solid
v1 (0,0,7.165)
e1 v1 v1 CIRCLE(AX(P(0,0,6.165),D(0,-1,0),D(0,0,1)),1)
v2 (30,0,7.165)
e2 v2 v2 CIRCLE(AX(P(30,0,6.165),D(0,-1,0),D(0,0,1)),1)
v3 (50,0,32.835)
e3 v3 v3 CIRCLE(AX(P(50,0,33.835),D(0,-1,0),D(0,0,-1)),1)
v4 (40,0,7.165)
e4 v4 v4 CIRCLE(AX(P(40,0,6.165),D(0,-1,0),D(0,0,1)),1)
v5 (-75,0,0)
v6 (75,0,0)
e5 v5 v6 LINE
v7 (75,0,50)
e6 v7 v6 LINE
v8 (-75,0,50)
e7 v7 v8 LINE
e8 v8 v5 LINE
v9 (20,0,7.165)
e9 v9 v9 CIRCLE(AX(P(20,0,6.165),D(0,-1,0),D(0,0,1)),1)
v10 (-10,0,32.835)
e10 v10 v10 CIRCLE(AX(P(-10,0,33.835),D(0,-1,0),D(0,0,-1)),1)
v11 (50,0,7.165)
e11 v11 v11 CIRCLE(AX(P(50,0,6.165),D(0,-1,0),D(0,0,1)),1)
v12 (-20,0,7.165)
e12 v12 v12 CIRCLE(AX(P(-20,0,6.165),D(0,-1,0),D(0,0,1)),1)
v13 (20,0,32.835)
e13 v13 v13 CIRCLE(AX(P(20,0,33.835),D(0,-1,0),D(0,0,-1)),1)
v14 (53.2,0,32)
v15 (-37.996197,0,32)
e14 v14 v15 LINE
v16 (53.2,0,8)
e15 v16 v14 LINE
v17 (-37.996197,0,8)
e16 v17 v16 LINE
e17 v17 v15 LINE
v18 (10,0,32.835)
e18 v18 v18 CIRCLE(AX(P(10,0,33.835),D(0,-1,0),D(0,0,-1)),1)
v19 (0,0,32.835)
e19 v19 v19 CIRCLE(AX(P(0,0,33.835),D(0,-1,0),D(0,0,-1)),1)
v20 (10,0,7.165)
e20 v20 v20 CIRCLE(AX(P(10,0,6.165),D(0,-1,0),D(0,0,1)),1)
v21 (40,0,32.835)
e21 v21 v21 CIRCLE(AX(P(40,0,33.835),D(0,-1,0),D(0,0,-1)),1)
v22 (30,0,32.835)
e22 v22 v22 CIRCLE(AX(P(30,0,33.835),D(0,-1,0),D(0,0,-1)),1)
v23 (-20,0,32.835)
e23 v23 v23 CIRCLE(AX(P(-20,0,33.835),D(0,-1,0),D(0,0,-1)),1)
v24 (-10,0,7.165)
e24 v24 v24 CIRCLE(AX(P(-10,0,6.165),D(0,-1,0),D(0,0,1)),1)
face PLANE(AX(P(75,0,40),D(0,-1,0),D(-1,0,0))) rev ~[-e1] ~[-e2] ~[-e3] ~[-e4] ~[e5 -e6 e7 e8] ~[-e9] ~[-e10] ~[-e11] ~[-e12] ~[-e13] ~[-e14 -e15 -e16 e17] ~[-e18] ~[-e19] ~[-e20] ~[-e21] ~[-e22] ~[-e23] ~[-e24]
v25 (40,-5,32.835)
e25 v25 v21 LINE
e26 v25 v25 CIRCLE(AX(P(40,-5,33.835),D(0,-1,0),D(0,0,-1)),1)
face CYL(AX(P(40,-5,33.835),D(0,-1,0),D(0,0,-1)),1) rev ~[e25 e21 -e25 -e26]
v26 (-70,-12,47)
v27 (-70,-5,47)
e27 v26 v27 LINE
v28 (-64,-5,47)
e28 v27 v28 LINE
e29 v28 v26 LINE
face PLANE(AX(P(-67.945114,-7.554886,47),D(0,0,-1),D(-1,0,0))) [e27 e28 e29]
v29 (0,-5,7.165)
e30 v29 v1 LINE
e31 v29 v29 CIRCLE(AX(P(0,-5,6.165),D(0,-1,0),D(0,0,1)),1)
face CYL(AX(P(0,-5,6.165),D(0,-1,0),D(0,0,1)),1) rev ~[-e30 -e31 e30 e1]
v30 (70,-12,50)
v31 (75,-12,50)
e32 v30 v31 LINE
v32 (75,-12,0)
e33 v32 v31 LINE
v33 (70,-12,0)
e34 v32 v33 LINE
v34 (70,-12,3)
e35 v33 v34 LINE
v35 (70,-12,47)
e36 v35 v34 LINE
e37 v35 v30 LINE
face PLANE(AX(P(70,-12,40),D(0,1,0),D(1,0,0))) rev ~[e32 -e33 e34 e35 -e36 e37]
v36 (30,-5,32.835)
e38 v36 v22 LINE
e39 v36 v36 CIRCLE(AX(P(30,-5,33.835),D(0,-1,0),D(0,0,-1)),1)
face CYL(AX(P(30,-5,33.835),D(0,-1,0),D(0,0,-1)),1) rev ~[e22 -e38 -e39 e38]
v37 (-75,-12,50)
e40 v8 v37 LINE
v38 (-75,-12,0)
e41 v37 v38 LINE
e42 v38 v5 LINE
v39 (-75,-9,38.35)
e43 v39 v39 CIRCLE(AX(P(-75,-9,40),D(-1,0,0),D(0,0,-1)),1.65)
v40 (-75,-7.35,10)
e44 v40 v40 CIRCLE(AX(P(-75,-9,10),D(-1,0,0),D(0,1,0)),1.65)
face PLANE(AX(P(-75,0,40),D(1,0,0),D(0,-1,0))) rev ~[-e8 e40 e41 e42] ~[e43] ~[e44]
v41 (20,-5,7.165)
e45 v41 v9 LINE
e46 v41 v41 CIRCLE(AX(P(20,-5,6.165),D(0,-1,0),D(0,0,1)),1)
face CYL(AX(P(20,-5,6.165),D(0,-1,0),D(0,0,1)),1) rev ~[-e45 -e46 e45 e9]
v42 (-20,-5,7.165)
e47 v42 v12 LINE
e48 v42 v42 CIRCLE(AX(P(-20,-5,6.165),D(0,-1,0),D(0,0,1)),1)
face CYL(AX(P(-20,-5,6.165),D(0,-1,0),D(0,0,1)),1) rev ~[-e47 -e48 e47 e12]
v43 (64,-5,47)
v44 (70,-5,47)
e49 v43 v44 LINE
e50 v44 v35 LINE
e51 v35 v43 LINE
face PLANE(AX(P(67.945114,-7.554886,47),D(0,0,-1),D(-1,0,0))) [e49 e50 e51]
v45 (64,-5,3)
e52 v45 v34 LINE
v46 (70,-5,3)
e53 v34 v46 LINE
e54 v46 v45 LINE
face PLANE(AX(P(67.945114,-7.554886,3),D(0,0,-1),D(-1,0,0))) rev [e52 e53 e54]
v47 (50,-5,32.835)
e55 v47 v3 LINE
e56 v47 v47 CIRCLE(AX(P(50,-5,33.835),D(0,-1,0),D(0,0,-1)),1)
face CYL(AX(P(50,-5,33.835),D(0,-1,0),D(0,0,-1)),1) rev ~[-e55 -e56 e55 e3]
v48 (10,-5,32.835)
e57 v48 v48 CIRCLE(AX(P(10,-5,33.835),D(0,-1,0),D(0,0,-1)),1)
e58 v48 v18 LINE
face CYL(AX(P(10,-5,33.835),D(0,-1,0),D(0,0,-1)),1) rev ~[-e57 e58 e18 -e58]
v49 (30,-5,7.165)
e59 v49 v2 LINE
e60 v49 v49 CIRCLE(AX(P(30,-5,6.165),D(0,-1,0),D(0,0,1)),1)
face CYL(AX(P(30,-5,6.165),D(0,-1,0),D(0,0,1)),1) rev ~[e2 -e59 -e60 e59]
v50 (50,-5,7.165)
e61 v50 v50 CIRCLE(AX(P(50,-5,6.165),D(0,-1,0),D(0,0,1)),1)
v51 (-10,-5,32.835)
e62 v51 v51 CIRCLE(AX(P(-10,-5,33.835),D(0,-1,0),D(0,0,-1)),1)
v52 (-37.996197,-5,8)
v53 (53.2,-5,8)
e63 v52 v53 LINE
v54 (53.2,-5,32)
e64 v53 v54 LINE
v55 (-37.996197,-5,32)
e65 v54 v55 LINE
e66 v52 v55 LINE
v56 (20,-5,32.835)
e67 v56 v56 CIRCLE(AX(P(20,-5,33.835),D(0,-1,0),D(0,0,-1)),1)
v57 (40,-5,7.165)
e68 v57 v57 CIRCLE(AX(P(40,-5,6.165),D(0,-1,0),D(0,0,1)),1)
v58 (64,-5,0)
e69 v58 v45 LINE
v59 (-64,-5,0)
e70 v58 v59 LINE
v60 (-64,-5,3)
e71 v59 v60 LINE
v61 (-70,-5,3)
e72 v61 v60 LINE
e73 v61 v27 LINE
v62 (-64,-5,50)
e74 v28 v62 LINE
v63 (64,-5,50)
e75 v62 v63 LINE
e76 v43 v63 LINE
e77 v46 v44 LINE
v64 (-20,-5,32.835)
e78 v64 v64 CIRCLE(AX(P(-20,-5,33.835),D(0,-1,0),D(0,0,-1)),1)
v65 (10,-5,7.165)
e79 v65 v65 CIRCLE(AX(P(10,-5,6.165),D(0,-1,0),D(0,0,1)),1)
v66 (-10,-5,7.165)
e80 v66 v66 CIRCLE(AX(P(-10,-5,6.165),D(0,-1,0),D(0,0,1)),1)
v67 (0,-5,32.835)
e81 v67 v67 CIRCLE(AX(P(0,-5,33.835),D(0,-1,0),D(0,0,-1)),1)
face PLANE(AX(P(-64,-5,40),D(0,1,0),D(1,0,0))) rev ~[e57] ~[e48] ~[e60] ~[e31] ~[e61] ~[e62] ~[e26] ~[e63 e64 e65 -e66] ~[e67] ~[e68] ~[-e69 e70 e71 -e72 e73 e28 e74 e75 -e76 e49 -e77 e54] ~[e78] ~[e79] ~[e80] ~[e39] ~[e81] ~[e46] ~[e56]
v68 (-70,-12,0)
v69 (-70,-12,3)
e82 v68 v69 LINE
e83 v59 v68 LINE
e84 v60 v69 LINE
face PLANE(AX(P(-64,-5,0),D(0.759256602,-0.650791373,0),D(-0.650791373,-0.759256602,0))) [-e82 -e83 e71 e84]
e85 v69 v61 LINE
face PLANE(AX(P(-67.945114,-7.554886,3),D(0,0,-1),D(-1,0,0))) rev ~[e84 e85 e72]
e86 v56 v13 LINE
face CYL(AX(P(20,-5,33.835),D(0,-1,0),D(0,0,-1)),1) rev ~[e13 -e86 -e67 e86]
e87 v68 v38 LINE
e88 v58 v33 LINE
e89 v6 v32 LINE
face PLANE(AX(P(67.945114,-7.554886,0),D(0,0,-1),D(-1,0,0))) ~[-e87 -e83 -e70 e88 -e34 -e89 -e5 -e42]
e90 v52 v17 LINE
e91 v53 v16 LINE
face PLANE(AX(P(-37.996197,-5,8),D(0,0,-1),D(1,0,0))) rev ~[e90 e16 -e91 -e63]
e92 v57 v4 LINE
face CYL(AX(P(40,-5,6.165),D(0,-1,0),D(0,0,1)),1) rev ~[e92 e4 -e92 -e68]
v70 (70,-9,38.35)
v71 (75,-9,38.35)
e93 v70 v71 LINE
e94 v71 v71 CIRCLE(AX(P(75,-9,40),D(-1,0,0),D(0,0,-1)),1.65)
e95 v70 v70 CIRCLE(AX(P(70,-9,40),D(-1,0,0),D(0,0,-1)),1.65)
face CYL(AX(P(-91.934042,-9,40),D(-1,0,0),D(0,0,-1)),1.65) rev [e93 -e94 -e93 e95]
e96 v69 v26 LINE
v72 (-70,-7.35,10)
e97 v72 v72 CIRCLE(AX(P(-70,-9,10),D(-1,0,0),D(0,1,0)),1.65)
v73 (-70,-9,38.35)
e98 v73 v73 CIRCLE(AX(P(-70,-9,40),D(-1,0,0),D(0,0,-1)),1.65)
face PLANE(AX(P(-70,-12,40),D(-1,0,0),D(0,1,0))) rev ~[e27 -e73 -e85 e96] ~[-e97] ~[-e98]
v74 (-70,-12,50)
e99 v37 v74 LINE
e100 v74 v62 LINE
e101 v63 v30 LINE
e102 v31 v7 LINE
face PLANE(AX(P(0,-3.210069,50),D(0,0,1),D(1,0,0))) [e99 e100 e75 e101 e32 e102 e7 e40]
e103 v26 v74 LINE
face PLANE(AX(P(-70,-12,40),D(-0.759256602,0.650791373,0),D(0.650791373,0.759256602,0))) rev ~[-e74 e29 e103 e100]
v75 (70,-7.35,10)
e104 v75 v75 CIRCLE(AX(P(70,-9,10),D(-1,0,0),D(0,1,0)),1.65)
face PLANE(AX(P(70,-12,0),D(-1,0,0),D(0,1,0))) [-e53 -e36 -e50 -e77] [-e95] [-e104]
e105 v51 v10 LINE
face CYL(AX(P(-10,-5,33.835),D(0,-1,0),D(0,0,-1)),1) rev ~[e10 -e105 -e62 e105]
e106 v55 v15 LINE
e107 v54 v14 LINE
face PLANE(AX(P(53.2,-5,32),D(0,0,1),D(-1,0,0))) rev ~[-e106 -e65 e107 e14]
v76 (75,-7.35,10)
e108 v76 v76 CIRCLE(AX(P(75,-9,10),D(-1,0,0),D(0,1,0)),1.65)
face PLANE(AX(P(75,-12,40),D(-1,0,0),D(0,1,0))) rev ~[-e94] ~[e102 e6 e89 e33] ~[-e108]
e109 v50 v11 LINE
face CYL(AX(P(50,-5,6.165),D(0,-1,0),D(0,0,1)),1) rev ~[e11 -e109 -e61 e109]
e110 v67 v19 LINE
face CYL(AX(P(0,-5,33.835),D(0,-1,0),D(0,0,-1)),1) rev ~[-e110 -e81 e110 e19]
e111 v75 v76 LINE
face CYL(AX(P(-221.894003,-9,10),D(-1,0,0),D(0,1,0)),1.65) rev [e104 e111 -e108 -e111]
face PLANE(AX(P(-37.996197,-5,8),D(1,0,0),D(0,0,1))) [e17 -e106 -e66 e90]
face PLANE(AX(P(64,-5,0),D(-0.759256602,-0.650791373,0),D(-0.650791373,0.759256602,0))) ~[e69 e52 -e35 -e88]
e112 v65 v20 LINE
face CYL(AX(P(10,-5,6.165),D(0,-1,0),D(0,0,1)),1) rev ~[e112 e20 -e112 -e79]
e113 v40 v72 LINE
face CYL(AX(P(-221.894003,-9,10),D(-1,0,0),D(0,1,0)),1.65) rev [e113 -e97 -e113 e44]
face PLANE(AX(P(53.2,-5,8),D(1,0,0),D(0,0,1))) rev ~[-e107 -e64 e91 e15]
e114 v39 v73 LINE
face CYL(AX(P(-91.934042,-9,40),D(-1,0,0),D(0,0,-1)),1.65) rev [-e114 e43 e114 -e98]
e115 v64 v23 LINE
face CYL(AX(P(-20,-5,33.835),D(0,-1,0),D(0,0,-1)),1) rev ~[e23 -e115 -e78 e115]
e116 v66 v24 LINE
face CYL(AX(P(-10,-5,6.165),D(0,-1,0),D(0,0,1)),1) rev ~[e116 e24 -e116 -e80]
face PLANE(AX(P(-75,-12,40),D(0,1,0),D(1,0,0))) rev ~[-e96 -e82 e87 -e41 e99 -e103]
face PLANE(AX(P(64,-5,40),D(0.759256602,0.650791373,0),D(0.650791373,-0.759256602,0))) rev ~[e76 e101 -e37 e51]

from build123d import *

# Parameters (mm, degrees)
EXTRUDE_2_DEPTH                 = 40
CUT_EXTRUDE_1_DEPTH             = 151.894002532
CUT_EXTRUDE_1_DEPTH_BACK        = 151.894002532
SKETCH_3_R                      = 1.65
EXTRUDE_3_DEPTH                 = 3
MIRROR_2_COPY_1_DEPTH           = 3
CUT_EXTRUDE_2_DEPTH             = 5
SKETCH_10_R                     = 1
CUT_EXTRUDE_3_DEPTH             = 5
EXTRUDE_4_DEPTH                 = 10
CUT_EXTRUDE_4_REACH             = 87.843
CUT_EXTRUDE_4_DIRECTION_2_DEPTH = 7
CUT_EXTRUDE_5_DEPTH             = 91.93404203
CUT_EXTRUDE_5_DEPTH_BACK        = 91.93404203
SKETCH_12_R                     = 1.65


with BuildPart() as part:
    # 草图1 → 凸台-拉伸2 (new body)
    with BuildSketch(Plane.XY):
        Polygon((-75, 0), (75, 0), (75, -12), (70, -12), (70, -5), (-70, -5), (-70, -12), (-75, -12), align=None)
    extrude(amount=EXTRUDE_2_DEPTH)

    # 草图3 → 切除-拉伸1 (cut, two sides: drawn at the far end of the back side and taken through both)
    with BuildSketch(Plane(origin=(-70, 0, 0), x_dir=(0, 0, -1), z_dir=(1, 0, 0)).offset(-CUT_EXTRUDE_1_DEPTH_BACK)):
        with Locations(Location((-10, -9, 0), (0, 0, 90))):
            Circle(SKETCH_3_R)
    extrude(amount=CUT_EXTRUDE_1_DEPTH + CUT_EXTRUDE_1_DEPTH_BACK, mode=Mode.SUBTRACT)

    # 草图4 → 凸台-拉伸3 (add)
    with BuildSketch(Plane(origin=(0, 0, 0), x_dir=(-1, 0, 0), z_dir=(0, 0, -1))):
        Polygon((64, -5), (70, -12), (70, -5), align=None)
    extrude_3 = extrude(amount=-EXTRUDE_3_DEPTH)

    # 镜向1: 凸台-拉伸3 across plane
    add(extrude_3.mirror(Plane.XY.offset(20)))

    # 镜向2: 凸台-拉伸3 across plane
    add(extrude_3.mirror(Plane(origin=(0, 0, 0), x_dir=(0, 0, 1), z_dir=(1, 0, 0))))

    # 镜向2 copy 1 sketch → 镜向2 copy 1 (add)
    with BuildSketch(Plane.XY.offset(40)):
        Polygon((64, -5), (70, -12), (70, -5), align=None)
    extrude(amount=-MIRROR_2_COPY_1_DEPTH)

    # 草图7 → 切除-拉伸2 (cut)
    with BuildSketch(Plane.XZ.offset(5)):
        Polygon((53.2, 22.4), (53.2, 17.6), (53.2, 8), (34, 8), (-37.996196674, 8), (-37.996196674, 32), (34, 32), (53.2, 32), align=None)
    extrude(amount=-CUT_EXTRUDE_2_DEPTH, mode=Mode.SUBTRACT)

    # 草图10 → 切除-拉伸3 (cut)
    with BuildSketch(Plane.XZ.offset(5)):
        with Locations(Location((50, 33.835, 0), (0, 0, 270))):
            Circle(SKETCH_10_R)
        with Locations(Location((40, 33.835, 0), (0, 0, 270))):
            Circle(SKETCH_10_R)
        with Locations(Location((30, 33.835, 0), (0, 0, 270))):
            Circle(SKETCH_10_R)
        with Locations(Location((20, 33.835, 0), (0, 0, 270))):
            Circle(SKETCH_10_R)
        with Locations(Location((10, 33.835, 0), (0, 0, 270))):
            Circle(SKETCH_10_R)
        with Locations(Location((0, 33.835, 0), (0, 0, 270))):
            Circle(SKETCH_10_R)
        with Locations(Location((-10, 33.835, 0), (0, 0, 270))):
            Circle(SKETCH_10_R)
        with Locations(Location((-20, 33.835, 0), (0, 0, 270))):
            Circle(SKETCH_10_R)
        with Locations(Location((50, 6.165, 0), (0, 0, 90))):
            Circle(SKETCH_10_R)
        with Locations(Location((40, 6.165, 0), (0, 0, 90))):
            Circle(SKETCH_10_R)
        with Locations(Location((30, 6.165, 0), (0, 0, 90))):
            Circle(SKETCH_10_R)
        with Locations(Location((20, 6.165, 0), (0, 0, 90))):
            Circle(SKETCH_10_R)
        with Locations(Location((10, 6.165, 0), (0, 0, 90))):
            Circle(SKETCH_10_R)
        with Locations(Location((0, 6.165, 0), (0, 0, 90))):
            Circle(SKETCH_10_R)
        with Locations(Location((-10, 6.165, 0), (0, 0, 90))):
            Circle(SKETCH_10_R)
        with Locations(Location((-20, 6.165, 0), (0, 0, 90))):
            Circle(SKETCH_10_R)
    extrude(amount=-CUT_EXTRUDE_3_DEPTH, mode=Mode.SUBTRACT)

    # 草图11 → 凸台-拉伸4 (add)
    with BuildSketch(Plane.XY.offset(40)):
        Polygon((-75, -12), (-70, -12), (-64, -5), (64, -5), (70, -12), (75, -12), (75, 0), (-75, 0), align=None)
    extrude(amount=EXTRUDE_4_DEPTH)

    # 草图11<3> → 切除-拉伸4 (cut, up to next)
    with BuildSketch(Plane.XY.offset(40), mode=Mode.PRIVATE) as cut_extrude_4_sk1:
        Polygon((-70, -12), (-70, -5), (-64, -5), align=None)
    cut_extrude_4_tool1 = extrude(cut_extrude_4_sk1.sketch, amount=-CUT_EXTRUDE_4_REACH, mode=Mode.PRIVATE) & part.part
    # 草图11<3> → 切除-拉伸4 (cut, up to next)
    with BuildSketch(Plane.XY.offset(40), mode=Mode.PRIVATE) as cut_extrude_4_sk2:
        Polygon((64, -5), (70, -5), (70, -12), align=None)
    cut_extrude_4_tool2 = extrude(cut_extrude_4_sk2.sketch, amount=-CUT_EXTRUDE_4_REACH, mode=Mode.PRIVATE) & part.part
    add(cut_extrude_4_tool1.solids().sort_by_distance((-68, -7.333333, 40))[0], mode=Mode.SUBTRACT)
    add(cut_extrude_4_tool2.solids().sort_by_distance((68, -7.333333, 40))[0], mode=Mode.SUBTRACT)

    # 草图11<3> → 切除-拉伸4 direction 2 (cut)
    with BuildSketch(Plane.XY.offset(40)):
        Polygon((-70, -12), (-70, -5), (-64, -5), align=None)
        Polygon((64, -5), (70, -5), (70, -12), align=None)
    extrude(amount=CUT_EXTRUDE_4_DIRECTION_2_DEPTH, mode=Mode.SUBTRACT)

    # 草图12 → 切除-拉伸5 (cut, two sides: drawn at the far end of the back side and taken through both)
    with BuildSketch(Plane(origin=(0, 0, 0), x_dir=(0, 0, -1), z_dir=(1, 0, 0)).offset(-CUT_EXTRUDE_5_DEPTH_BACK)):
        with Locations((-40, -9)):
            Circle(SKETCH_12_R)
    extrude(amount=CUT_EXTRUDE_5_DEPTH + CUT_EXTRUDE_5_DEPTH_BACK, mode=Mode.SUBTRACT)


solid = part.part
